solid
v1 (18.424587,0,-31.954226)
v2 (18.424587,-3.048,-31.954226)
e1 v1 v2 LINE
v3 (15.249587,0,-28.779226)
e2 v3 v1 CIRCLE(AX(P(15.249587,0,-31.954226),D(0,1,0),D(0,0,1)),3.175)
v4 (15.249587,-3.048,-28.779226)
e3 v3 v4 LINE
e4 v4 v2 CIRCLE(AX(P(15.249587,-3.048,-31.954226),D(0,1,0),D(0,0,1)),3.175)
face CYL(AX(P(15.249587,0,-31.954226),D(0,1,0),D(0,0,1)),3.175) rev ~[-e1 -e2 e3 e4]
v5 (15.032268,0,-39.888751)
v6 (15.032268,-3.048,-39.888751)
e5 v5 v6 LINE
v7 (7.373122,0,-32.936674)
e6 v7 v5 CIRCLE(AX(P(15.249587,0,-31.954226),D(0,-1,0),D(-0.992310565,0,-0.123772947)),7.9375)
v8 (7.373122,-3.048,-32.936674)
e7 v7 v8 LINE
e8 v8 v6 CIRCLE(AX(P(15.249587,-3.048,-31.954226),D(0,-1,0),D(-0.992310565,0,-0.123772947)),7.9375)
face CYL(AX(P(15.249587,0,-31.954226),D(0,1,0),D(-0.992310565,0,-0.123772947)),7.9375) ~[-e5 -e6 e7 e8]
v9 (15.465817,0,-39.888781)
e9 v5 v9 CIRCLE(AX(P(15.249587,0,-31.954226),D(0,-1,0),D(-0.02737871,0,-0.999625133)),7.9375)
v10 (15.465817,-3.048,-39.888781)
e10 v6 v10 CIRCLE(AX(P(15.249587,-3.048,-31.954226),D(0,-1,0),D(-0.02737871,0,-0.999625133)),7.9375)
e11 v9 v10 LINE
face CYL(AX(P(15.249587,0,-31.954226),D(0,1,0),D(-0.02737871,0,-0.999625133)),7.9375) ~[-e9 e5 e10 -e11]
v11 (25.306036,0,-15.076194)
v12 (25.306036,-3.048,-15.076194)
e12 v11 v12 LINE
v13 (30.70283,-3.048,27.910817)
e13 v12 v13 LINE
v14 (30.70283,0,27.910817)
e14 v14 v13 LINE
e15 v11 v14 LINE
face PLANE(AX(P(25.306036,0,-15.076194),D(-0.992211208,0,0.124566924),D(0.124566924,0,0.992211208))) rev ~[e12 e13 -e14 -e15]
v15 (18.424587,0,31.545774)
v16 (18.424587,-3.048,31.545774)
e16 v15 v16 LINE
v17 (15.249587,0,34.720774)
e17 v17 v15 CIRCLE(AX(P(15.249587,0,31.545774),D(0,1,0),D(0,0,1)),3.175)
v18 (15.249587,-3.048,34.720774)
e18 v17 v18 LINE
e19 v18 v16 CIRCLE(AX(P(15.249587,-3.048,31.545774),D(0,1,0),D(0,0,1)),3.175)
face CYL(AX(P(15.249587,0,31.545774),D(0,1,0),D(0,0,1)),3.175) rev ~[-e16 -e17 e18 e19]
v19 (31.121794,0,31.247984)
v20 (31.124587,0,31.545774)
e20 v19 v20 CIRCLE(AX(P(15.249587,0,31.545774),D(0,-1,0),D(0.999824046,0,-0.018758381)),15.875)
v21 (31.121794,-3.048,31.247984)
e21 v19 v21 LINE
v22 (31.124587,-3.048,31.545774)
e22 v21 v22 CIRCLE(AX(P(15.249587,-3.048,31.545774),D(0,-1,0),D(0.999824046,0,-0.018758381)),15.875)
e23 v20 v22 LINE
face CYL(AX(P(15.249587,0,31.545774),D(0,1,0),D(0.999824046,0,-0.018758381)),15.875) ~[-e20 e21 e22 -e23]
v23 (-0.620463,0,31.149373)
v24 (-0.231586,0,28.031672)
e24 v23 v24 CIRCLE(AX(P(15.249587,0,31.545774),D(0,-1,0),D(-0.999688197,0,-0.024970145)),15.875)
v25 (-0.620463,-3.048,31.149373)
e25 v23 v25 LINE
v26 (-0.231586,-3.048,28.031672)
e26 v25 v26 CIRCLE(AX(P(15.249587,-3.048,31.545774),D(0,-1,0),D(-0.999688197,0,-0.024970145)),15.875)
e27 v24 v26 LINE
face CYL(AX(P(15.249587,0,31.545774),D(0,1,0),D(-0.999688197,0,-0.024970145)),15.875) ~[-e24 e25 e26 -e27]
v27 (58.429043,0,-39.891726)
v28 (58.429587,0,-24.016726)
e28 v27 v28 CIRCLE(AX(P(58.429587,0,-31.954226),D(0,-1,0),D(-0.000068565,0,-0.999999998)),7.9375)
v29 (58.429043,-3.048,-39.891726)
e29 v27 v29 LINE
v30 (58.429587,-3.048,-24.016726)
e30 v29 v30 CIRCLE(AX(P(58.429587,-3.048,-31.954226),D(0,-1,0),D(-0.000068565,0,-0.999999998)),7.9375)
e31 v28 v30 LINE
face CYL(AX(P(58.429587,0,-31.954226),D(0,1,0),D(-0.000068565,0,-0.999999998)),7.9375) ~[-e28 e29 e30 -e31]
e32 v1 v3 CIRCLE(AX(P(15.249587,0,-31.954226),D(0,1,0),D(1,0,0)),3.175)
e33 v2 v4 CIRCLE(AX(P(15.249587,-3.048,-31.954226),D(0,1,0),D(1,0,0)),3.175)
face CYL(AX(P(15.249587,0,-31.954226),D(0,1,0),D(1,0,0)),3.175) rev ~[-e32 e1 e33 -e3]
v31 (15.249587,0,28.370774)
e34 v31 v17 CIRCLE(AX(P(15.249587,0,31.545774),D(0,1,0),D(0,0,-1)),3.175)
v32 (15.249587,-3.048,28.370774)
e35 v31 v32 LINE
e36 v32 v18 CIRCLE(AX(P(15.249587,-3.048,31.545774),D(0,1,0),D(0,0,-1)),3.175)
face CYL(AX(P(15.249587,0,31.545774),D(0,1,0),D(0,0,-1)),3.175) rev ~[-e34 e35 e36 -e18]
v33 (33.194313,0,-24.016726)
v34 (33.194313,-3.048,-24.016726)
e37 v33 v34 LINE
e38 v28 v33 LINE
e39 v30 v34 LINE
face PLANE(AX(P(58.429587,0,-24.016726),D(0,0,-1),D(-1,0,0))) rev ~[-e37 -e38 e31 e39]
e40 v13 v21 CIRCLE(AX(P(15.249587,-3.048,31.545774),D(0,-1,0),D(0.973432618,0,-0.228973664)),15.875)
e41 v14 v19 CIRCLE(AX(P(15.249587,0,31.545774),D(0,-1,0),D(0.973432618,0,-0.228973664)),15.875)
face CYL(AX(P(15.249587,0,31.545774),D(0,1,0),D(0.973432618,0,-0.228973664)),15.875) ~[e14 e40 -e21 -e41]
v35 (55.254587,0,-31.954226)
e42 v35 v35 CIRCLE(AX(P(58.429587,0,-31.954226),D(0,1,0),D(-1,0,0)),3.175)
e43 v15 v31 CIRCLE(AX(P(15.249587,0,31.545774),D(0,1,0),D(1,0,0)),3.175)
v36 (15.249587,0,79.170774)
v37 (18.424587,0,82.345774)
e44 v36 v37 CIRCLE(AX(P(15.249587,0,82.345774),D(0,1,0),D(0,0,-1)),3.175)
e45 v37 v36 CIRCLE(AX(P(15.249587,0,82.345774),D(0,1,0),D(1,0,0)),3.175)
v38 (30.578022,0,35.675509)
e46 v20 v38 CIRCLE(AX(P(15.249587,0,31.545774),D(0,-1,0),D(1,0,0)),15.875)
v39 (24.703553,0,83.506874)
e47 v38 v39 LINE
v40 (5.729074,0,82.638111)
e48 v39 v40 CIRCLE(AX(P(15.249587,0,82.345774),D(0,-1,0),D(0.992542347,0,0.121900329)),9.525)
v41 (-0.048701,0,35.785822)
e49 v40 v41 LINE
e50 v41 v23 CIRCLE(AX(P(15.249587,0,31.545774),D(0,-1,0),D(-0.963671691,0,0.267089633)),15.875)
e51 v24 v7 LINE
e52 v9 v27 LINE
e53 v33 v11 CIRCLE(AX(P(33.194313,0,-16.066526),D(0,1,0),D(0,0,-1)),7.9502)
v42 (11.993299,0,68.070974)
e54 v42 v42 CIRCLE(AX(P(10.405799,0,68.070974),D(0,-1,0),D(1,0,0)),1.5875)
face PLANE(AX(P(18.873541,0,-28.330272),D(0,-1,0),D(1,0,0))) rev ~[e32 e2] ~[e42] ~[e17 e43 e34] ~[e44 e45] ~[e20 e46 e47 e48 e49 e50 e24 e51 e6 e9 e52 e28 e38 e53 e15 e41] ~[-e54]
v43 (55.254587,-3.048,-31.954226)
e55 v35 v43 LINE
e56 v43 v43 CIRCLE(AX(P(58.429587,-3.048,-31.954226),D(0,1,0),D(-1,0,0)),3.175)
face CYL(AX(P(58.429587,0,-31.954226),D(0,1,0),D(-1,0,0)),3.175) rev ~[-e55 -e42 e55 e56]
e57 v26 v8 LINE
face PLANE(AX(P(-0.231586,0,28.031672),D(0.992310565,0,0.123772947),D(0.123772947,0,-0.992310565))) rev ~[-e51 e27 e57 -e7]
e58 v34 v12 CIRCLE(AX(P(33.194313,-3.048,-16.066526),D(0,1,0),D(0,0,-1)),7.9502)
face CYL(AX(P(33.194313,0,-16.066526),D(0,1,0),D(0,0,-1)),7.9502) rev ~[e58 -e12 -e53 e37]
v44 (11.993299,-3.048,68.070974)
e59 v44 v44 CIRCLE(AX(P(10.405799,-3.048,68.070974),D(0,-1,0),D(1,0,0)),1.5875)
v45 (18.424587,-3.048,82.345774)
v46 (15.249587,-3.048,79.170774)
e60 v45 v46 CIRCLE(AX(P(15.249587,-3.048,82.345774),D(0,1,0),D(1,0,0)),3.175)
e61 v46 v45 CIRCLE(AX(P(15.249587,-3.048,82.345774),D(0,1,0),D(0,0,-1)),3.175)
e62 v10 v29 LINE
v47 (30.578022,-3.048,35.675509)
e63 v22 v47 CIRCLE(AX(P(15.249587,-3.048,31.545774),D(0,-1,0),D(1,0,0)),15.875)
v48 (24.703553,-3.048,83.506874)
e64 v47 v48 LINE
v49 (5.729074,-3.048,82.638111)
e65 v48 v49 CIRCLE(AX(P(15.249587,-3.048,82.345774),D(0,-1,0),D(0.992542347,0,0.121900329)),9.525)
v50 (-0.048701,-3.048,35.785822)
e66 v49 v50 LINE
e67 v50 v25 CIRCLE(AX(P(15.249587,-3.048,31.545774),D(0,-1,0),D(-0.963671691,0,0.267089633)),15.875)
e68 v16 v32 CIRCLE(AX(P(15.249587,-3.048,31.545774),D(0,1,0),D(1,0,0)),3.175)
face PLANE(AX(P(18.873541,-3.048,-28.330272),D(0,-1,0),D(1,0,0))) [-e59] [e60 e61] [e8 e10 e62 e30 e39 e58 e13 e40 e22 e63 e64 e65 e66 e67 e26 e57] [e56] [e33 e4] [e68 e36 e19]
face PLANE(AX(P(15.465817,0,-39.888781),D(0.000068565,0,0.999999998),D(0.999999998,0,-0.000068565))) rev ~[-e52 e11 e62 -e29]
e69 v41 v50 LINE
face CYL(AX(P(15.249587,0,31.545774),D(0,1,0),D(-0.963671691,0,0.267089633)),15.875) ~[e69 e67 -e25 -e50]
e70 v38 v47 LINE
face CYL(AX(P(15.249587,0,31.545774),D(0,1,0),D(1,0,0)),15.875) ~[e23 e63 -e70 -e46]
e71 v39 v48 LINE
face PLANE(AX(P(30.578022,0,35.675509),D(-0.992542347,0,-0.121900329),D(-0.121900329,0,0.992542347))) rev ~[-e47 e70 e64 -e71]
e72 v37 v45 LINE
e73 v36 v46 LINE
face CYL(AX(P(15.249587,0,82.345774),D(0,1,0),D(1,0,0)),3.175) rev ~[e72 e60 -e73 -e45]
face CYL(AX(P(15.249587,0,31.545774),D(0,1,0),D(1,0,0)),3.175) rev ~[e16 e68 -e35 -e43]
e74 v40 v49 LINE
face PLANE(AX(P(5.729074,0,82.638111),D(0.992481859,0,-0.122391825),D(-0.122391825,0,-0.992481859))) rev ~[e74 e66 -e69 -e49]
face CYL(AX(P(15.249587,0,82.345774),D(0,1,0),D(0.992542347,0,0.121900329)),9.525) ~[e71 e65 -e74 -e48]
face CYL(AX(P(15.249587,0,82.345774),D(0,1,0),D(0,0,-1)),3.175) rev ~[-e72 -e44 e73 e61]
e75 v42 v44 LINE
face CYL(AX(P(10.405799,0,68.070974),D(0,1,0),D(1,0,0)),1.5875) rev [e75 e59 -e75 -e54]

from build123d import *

# Parameters (mm, degrees)
F0_R     = 1.5875
F1_DEPTH = 3.048


with BuildPart() as f1:
    # F0 (on Front) → F1 (new body)
    with BuildSketch(Plane.XZ):
        with BuildLine():
            ThreePointArc((23.1870869634, -31.9542263928), (20.8622470391, -26.3415663171), (15.2495869634, -24.0167263928))
            Line((15.2495869634, -24.0167263928), (15.2495869634, -28.7792263928))
            ThreePointArc((15.2495869634, -28.7792263928), (17.4946509937, -29.7091623625), (18.4245869634, -31.9542263928))
            Line((18.4245869634, -31.9542263928), (23.1870869634, -31.9542263928))
        make_face()
        with BuildLine():
            Line((15.2495869634, -24.0167263928), (15.2495869634, 15.6707736072))
            ThreePointArc((15.2495869634, 15.6707736072), (5.3443040445, 19.1400896157), (-0.231585917, 28.0316718375))
            Line((-0.231585917, 28.0316718375), (7.3731218531, -32.9366741605))
            ThreePointArc((7.3731218531, -32.9366741605), (9.2997094266, -26.7003836518), (15.2495869634, -24.0167263928))
        make_face()
        with BuildLine():
            ThreePointArc((30.5780217523, 35.6755086982), (24.9050538198, 44.146868194), (15.2495869634, 47.4207736072))
            Line((15.2495869634, 47.4207736072), (15.2495869634, 34.7207736072))
            ThreePointArc((15.2495869634, 34.7207736072), (17.4946509937, 33.7908376375), (18.4245869634, 31.5457736072))
            ThreePointArc((18.4245869634, 31.5457736072), (17.4946509937, 29.3007095769), (15.2495869634, 28.3707736072))
            Line((15.2495869634, 28.3707736072), (15.2495869634, 15.6707736072))
            ThreePointArc((15.2495869634, 15.6707736072), (25.1063279056, 19.1014864441), (30.70282977, 27.9108166941))
            Line((30.70282977, 27.9108166941), (31.1217936949, 31.2479842983))
            Line((31.1217936949, 31.2479842983), (30.5780217523, 35.6755086982))
        make_face()
        with BuildLine():
            Line((50.4920869634, -31.9542263928), (23.1870869634, -31.9542263928))
            ThreePointArc((23.1870869634, -31.9542263928), (20.9381823709, -37.4899095972), (15.4658174101, -39.8887806112))
            Line((15.4658174101, -39.8887806112), (58.4290427307, -39.8917263742))
            ThreePointArc((58.4290427307, -39.8917263742), (52.8167344757, -37.5666940499), (50.4920869634, -31.9542263928))
        make_face()
        with BuildLine():
            ThreePointArc((30.70282977, 27.9108166941), (25.1063279056, 19.1014864441), (15.2495869634, 15.6707736072))
            Line((15.2495869634, 15.6707736072), (15.2495869634, -24.0167263928))
            ThreePointArc((15.2495869634, -24.0167263928), (20.8622470391, -26.3415663171), (23.1870869634, -31.9542263928))
            Line((23.1870869634, -31.9542263928), (50.4920869634, -31.9542263928))
            ThreePointArc((50.4920869634, -31.9542263928), (52.8169268877, -26.3415663171), (58.4295869634, -24.0167263928))
            Line((58.4295869634, -24.0167263928), (33.1943130773, -24.0167263928))
            ThreePointArc((33.1943130773, -24.0167263928), (27.232810869, -21.3263905984), (25.3060355304, -15.0761944366))
            Line((25.3060355304, -15.0761944366), (30.70282977, 27.9108166941))
        make_face()
        with BuildLine():
            ThreePointArc((5.7290741621, 82.6381107416), (8.4118191915, 75.7147437552), (15.2495869634, 72.8207736072))
            ThreePointArc((15.2495869634, 72.8207736072), (21.9847790542, 75.6105815164), (24.7745869634, 82.3457736072))
            ThreePointArc((24.7745869634, 82.3457736072), (24.7568118407, 82.9274093451), (24.703552815, 83.5068742386))
            ThreePointArc((24.703552815, 83.5068742386), (14.8139327111, 91.8608054186), (5.7290741621, 82.6381107416))
        make_face()
        with BuildLine():
            ThreePointArc((18.4245869634, 82.3457736072), (17.4946509937, 80.1007095769), (15.2495869634, 79.1707736072))
            ThreePointArc((15.2495869634, 79.1707736072), (13.0045229331, 84.5908376375), (18.4245869634, 82.3457736072))
        make_face(mode=Mode.SUBTRACT)
        with BuildLine():
            Line((15.2495869634, 47.4207736072), (15.2495869634, 72.8207736072))
            ThreePointArc((15.2495869634, 72.8207736072), (8.4118191915, 75.7147437552), (5.7290741621, 82.6381107416))
            Line((5.7290741621, 82.6381107416), (-0.0487011316, 35.7858215271))
            ThreePointArc((-0.0487011316, 35.7858215271), (5.6395696827, 44.1815637631), (15.2495869634, 47.4207736072))
        make_face()
        with Locations((10.405799374, 68.0709736072)):
            Circle(F0_R, mode=Mode.SUBTRACT)
        with BuildLine():
            Line((15.2495869634, -28.7792263928), (15.2495869634, -24.0167263928))
            ThreePointArc((15.2495869634, -24.0167263928), (9.2997094266, -26.7003836518), (7.3731218531, -32.9366741605))
            ThreePointArc((7.3731218531, -32.9366741605), (9.9147790003, -37.831617842), (15.0322684572, -39.888750885))
            Line((15.0322684572, -39.888750885), (15.4658174101, -39.8887806112))
            ThreePointArc((15.4658174101, -39.8887806112), (20.9381823709, -37.4899095972), (23.1870869634, -31.9542263928))
            Line((23.1870869634, -31.9542263928), (18.4245869634, -31.9542263928))
            ThreePointArc((18.4245869634, -31.9542263928), (13.0045229331, -34.1992904231), (15.2495869634, -28.7792263928))
        make_face()
        with BuildLine():
            ThreePointArc((58.4295869634, -24.0167263928), (52.8169268877, -26.3415663171), (50.4920869634, -31.9542263928))
            ThreePointArc((50.4920869634, -31.9542263928), (52.8167344757, -37.5666940499), (58.4290427307, -39.8917263742))
            ThreePointArc((58.4290427307, -39.8917263742), (64.0420546204, -37.5670788805), (66.3670869634, -31.9542263928))
            ThreePointArc((66.3670869634, -31.9542263928), (64.0422470391, -26.3415663171), (58.4295869634, -24.0167263928))
        make_face()
        with BuildLine():
            ThreePointArc((61.6045869634, -31.9542263928), (58.4295869634, -35.1292263928), (55.2545869634, -31.9542263928))
            ThreePointArc((55.2545869634, -31.9542263928), (58.4295869634, -28.7792263928), (61.6045869634, -31.9542263928))
        make_face(mode=Mode.SUBTRACT)
        with BuildLine():
            Line((15.2495869634, 34.7207736072), (15.2495869634, 47.4207736072))
            ThreePointArc((15.2495869634, 47.4207736072), (5.6395696827, 44.1815637631), (-0.0487011316, 35.7858215271))
            Line((-0.0487011316, 35.7858215271), (-0.620463169, 31.1493725522))
            Line((-0.620463169, 31.1493725522), (-0.231585917, 28.0316718375))
            ThreePointArc((-0.231585917, 28.0316718375), (5.3443040445, 19.1400896157), (15.2495869634, 15.6707736072))
            Line((15.2495869634, 15.6707736072), (15.2495869634, 28.3707736072))
            ThreePointArc((15.2495869634, 28.3707736072), (12.0745869634, 31.5457736072), (15.2495869634, 34.7207736072))
        make_face()
        with BuildLine():
            ThreePointArc((24.7745869634, 82.3457736072), (21.9847790542, 75.6105815164), (15.2495869634, 72.8207736072))
            Line((15.2495869634, 72.8207736072), (15.2495869634, 47.4207736072))
            ThreePointArc((15.2495869634, 47.4207736072), (24.9050538198, 44.146868194), (30.5780217523, 35.6755086982))
            Line((30.5780217523, 35.6755086982), (24.703552815, 83.5068742386))
            ThreePointArc((24.703552815, 83.5068742386), (24.7568118407, 82.9274093451), (24.7745869634, 82.3457736072))
        make_face()
        with BuildLine():
            ThreePointArc((30.70282977, 27.9108166941), (31.0009398925, 29.5682736946), (31.1217936949, 31.2479842983))
            Line((31.1217936949, 31.2479842983), (30.70282977, 27.9108166941))
        make_face()
        with BuildLine():
            Line((-0.231585917, 28.0316718375), (-0.620463169, 31.1493725522))
            ThreePointArc((-0.620463169, 31.1493725522), (-0.5033432572, 29.5808780718), (-0.231585917, 28.0316718375))
        make_face()
        with BuildLine():
            Line((-0.620463169, 31.1493725522), (-0.0487011316, 35.7858215271))
            ThreePointArc((-0.0487011316, 35.7858215271), (-0.5060625547, 33.4887438237), (-0.620463169, 31.1493725522))
        make_face()
        with BuildLine():
            ThreePointArc((31.1245869634, 31.5457736072), (30.9873524858, 33.6286469502), (30.5780217523, 35.6755086982))
            Line((30.5780217523, 35.6755086982), (31.1217936949, 31.2479842983))
            ThreePointArc((31.1217936949, 31.2479842983), (31.1238886309, 31.3968724026), (31.1245869634, 31.5457736072))
        make_face()
        with BuildLine():
            Line((15.4658174101, -39.8887806112), (15.0322684572, -39.888750885))
            ThreePointArc((15.0322684572, -39.888750885), (15.2490427307, -39.8917263742), (15.4658174101, -39.8887806112))
        make_face()
    extrude(amount=F1_DEPTH)


solid = f1.part
